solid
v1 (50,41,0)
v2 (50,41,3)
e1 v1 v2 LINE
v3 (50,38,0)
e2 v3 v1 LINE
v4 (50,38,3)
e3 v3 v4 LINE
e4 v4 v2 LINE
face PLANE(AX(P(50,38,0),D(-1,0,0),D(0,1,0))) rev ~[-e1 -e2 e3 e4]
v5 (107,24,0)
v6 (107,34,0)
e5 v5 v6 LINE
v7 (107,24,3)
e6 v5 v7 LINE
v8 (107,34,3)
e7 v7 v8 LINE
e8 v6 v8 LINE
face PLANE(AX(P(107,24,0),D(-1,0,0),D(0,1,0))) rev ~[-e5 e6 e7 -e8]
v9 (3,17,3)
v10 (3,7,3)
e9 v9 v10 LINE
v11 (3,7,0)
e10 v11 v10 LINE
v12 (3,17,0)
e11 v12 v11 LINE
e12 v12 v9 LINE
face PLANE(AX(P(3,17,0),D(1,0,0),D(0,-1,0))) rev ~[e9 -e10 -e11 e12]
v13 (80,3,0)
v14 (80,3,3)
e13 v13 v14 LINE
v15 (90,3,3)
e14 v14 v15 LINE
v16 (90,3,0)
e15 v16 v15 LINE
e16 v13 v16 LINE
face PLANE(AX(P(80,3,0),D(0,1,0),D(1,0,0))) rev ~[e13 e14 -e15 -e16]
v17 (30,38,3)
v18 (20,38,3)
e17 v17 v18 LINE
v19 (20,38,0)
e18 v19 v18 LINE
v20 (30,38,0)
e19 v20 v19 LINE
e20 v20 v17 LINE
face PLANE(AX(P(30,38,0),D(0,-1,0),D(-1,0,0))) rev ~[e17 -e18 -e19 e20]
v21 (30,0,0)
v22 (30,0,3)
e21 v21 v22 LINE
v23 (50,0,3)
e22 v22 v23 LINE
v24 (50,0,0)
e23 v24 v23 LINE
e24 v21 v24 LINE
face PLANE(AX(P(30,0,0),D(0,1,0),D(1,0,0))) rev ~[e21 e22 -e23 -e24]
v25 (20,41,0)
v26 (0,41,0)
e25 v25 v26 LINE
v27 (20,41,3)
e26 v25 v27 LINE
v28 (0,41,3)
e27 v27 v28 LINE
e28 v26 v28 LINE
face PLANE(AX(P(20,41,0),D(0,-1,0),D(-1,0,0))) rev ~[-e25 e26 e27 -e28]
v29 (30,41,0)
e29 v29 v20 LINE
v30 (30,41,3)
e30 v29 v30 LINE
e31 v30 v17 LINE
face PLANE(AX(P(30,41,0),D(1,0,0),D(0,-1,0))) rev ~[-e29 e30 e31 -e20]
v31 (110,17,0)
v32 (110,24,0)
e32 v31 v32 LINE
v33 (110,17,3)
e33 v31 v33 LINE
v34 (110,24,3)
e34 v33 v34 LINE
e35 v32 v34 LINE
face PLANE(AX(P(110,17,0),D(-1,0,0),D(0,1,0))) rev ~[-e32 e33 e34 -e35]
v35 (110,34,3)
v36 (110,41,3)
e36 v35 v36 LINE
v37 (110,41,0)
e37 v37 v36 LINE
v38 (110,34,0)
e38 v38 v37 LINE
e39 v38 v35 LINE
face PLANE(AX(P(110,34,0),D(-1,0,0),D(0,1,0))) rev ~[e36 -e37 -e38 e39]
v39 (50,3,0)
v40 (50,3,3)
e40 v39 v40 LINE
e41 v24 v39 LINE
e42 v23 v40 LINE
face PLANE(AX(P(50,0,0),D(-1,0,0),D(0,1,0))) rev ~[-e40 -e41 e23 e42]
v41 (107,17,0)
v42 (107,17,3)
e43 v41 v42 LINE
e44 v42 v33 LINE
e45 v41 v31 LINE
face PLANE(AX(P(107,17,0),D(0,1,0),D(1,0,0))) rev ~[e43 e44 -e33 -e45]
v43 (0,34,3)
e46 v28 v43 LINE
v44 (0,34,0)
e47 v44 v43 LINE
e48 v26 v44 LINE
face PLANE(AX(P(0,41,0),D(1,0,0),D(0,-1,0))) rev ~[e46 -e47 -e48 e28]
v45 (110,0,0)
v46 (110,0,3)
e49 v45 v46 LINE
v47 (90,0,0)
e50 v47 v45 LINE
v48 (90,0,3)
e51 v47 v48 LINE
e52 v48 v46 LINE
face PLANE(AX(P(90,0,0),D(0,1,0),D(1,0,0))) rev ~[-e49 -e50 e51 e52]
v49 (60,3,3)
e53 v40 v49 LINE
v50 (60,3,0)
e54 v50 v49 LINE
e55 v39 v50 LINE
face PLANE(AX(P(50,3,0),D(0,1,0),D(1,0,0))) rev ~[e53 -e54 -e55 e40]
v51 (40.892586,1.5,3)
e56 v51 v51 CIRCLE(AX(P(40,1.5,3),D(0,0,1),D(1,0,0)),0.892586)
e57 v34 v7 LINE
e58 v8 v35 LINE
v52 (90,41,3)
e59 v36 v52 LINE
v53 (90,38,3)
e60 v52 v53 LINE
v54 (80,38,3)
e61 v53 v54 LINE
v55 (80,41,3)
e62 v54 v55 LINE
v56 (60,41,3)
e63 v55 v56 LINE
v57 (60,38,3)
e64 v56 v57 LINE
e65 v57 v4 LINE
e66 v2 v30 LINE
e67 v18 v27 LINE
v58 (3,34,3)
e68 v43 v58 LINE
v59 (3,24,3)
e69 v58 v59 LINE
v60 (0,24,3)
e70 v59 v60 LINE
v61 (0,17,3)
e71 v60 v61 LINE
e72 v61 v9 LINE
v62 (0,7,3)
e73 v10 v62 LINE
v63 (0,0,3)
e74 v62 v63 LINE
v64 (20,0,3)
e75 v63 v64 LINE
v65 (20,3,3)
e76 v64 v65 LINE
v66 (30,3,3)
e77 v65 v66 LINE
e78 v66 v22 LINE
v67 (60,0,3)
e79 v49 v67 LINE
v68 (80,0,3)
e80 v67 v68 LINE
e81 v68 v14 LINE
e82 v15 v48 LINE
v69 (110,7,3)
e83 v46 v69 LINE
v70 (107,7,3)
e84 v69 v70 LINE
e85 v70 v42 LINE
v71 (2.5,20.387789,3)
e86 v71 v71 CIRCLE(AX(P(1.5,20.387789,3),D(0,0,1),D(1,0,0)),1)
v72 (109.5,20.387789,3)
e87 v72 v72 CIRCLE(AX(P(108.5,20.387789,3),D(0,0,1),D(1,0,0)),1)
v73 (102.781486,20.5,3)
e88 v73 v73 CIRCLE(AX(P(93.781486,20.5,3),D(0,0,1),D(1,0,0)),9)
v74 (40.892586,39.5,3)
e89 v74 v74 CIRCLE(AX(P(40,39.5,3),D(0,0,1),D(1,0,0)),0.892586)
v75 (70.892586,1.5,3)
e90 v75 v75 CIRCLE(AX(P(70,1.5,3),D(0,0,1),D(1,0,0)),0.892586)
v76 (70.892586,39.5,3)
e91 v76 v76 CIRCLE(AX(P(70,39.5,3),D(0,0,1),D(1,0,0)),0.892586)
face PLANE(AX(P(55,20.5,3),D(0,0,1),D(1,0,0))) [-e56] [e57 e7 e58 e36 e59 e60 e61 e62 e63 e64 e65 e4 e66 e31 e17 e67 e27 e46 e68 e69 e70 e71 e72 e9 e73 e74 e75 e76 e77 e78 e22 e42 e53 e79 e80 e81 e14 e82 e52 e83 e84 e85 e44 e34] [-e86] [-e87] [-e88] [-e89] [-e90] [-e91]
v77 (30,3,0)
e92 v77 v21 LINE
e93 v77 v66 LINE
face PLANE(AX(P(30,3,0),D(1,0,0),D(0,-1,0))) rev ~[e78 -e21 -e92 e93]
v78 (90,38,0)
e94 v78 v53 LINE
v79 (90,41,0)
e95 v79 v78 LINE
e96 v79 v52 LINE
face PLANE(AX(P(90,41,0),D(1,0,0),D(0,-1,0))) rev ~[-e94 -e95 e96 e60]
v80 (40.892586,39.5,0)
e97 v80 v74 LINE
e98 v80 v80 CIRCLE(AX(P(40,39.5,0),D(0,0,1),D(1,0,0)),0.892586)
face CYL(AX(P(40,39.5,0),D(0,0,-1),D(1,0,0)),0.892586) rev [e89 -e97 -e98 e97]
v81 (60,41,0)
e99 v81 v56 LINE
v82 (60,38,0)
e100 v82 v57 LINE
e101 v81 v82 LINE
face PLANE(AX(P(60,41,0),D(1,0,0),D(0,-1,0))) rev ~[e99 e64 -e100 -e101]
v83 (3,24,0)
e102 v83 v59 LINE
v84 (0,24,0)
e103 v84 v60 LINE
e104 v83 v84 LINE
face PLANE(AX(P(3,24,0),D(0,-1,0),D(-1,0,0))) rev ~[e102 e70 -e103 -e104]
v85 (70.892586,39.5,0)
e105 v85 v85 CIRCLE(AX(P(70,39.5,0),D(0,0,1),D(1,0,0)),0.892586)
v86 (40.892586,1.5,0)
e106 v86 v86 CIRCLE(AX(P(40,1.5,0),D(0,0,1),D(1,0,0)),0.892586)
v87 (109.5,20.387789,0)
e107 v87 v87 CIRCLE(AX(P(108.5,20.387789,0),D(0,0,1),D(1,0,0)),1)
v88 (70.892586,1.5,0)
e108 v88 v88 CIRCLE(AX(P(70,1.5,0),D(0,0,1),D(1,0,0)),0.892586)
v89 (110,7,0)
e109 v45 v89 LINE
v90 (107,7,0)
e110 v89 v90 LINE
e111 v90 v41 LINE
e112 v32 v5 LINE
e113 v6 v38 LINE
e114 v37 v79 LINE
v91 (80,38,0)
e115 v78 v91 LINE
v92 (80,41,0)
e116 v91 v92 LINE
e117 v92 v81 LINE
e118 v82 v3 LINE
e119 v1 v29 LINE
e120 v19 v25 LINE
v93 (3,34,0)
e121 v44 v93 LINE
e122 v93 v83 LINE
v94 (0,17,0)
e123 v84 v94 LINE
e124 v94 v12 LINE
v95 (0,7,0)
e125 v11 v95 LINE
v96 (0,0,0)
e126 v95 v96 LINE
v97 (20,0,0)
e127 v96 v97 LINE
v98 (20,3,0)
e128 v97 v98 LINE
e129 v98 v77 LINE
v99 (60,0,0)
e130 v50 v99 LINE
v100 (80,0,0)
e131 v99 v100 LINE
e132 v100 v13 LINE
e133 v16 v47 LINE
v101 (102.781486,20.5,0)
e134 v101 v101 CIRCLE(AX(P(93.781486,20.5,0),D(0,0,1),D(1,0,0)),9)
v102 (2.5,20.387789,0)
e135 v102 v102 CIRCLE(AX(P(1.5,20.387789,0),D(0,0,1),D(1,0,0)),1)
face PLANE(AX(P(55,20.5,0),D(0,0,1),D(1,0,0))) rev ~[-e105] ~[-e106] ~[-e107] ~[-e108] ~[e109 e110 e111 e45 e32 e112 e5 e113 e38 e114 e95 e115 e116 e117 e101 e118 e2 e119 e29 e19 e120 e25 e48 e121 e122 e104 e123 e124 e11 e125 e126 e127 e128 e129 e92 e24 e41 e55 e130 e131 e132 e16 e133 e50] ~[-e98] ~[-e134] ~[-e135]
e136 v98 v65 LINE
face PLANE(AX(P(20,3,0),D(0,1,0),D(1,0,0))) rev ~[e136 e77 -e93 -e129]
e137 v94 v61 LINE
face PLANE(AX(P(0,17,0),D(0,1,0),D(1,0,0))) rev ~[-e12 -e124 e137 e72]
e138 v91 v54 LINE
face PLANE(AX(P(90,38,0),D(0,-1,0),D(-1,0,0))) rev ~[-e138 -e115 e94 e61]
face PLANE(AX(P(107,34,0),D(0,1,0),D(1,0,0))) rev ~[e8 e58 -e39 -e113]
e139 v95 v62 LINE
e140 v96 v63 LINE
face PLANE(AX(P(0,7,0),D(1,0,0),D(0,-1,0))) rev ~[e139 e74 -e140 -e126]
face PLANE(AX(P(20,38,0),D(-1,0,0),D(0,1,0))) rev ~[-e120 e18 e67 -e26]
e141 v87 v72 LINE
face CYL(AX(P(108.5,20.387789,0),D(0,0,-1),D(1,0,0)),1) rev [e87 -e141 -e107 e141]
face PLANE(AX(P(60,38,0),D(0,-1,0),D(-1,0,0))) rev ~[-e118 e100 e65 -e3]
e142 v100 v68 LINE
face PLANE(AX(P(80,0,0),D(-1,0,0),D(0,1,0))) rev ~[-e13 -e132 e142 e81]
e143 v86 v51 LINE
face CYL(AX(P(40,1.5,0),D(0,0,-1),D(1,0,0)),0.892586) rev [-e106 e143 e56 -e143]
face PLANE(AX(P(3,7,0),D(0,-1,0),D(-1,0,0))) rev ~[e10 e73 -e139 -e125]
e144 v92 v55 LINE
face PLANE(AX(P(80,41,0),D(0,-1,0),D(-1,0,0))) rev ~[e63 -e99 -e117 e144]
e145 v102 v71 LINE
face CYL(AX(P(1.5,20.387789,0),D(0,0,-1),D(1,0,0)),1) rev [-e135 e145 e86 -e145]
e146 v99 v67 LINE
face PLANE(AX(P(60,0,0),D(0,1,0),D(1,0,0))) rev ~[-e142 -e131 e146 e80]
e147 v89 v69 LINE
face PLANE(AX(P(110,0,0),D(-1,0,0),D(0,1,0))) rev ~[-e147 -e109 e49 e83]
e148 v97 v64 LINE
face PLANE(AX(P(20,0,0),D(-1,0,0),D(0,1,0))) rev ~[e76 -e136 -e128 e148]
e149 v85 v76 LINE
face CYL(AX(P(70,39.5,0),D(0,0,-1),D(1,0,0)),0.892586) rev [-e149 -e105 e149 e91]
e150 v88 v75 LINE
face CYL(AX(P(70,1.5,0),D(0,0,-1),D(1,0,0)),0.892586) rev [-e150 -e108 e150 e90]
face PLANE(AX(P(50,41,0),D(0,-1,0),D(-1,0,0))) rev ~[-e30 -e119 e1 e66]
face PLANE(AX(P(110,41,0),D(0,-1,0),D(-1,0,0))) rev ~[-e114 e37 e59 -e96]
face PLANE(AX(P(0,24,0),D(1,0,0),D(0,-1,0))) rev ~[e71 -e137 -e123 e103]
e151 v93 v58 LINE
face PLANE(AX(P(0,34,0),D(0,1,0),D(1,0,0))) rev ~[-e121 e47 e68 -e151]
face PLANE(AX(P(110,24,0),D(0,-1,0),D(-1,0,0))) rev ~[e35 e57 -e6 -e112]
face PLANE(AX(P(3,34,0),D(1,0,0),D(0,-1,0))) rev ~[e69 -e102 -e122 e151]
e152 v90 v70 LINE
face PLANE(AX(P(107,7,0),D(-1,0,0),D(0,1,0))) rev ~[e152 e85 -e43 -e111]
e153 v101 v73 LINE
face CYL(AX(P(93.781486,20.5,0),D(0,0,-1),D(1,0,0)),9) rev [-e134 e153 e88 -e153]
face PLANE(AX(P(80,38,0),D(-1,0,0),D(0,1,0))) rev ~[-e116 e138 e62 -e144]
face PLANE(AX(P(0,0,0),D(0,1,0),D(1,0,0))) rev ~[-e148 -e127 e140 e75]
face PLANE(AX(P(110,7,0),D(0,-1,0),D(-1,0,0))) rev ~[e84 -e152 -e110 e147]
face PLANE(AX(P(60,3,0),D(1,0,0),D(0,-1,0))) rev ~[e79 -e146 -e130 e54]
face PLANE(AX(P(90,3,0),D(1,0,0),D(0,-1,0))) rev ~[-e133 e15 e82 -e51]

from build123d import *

# Parameters (mm, degrees)
F0_R     = 0.892586
F0_R_2   = 1
F0_R_3   = 9
F1_DEPTH = 3


with BuildPart() as f1:
    # F0 (on Top) → F1 (new body)
    with BuildSketch(Plane.XY):
        Polygon((0, 7), (0, 0), (20, 0), (20, 3), (30, 3), (30, 0), (50, 0), (50, 3), (55, 3), (60, 3), (60, 0), (80, 0), (80, 3), (90, 3), (90, 0), (110, 0), (110, 7), (107, 7), (107, 17), (110, 17), (110, 24), (107, 24), (107, 34), (110, 34), (110, 41), (90, 41), (90, 38), (80, 38), (80, 41), (60, 41), (60, 38), (55, 38), (50, 38), (50, 41), (30, 41), (30, 38), (20, 38), (20, 41), (0, 41), (0, 34), (3, 34), (3, 24), (0, 24), (0, 17), (3, 17), (3, 7), align=None)
        with Locations((40, 1.5)):
            Circle(F0_R, mode=Mode.SUBTRACT)
        with Locations((1.5, 20.387789)):
            Circle(F0_R_2, mode=Mode.SUBTRACT)
        with Locations((70, 1.5)):
            Circle(F0_R, mode=Mode.SUBTRACT)
        with Locations((108.5, 20.387789)):
            Circle(F0_R_2, mode=Mode.SUBTRACT)
        with Locations((40, 39.5)):
            Circle(F0_R, mode=Mode.SUBTRACT)
        with Locations((93.781486, 20.5)):
            Circle(F0_R_3, mode=Mode.SUBTRACT)
        with Locations((70, 39.5)):
            Circle(F0_R, mode=Mode.SUBTRACT)
    extrude(amount=F1_DEPTH)


solid = f1.part
